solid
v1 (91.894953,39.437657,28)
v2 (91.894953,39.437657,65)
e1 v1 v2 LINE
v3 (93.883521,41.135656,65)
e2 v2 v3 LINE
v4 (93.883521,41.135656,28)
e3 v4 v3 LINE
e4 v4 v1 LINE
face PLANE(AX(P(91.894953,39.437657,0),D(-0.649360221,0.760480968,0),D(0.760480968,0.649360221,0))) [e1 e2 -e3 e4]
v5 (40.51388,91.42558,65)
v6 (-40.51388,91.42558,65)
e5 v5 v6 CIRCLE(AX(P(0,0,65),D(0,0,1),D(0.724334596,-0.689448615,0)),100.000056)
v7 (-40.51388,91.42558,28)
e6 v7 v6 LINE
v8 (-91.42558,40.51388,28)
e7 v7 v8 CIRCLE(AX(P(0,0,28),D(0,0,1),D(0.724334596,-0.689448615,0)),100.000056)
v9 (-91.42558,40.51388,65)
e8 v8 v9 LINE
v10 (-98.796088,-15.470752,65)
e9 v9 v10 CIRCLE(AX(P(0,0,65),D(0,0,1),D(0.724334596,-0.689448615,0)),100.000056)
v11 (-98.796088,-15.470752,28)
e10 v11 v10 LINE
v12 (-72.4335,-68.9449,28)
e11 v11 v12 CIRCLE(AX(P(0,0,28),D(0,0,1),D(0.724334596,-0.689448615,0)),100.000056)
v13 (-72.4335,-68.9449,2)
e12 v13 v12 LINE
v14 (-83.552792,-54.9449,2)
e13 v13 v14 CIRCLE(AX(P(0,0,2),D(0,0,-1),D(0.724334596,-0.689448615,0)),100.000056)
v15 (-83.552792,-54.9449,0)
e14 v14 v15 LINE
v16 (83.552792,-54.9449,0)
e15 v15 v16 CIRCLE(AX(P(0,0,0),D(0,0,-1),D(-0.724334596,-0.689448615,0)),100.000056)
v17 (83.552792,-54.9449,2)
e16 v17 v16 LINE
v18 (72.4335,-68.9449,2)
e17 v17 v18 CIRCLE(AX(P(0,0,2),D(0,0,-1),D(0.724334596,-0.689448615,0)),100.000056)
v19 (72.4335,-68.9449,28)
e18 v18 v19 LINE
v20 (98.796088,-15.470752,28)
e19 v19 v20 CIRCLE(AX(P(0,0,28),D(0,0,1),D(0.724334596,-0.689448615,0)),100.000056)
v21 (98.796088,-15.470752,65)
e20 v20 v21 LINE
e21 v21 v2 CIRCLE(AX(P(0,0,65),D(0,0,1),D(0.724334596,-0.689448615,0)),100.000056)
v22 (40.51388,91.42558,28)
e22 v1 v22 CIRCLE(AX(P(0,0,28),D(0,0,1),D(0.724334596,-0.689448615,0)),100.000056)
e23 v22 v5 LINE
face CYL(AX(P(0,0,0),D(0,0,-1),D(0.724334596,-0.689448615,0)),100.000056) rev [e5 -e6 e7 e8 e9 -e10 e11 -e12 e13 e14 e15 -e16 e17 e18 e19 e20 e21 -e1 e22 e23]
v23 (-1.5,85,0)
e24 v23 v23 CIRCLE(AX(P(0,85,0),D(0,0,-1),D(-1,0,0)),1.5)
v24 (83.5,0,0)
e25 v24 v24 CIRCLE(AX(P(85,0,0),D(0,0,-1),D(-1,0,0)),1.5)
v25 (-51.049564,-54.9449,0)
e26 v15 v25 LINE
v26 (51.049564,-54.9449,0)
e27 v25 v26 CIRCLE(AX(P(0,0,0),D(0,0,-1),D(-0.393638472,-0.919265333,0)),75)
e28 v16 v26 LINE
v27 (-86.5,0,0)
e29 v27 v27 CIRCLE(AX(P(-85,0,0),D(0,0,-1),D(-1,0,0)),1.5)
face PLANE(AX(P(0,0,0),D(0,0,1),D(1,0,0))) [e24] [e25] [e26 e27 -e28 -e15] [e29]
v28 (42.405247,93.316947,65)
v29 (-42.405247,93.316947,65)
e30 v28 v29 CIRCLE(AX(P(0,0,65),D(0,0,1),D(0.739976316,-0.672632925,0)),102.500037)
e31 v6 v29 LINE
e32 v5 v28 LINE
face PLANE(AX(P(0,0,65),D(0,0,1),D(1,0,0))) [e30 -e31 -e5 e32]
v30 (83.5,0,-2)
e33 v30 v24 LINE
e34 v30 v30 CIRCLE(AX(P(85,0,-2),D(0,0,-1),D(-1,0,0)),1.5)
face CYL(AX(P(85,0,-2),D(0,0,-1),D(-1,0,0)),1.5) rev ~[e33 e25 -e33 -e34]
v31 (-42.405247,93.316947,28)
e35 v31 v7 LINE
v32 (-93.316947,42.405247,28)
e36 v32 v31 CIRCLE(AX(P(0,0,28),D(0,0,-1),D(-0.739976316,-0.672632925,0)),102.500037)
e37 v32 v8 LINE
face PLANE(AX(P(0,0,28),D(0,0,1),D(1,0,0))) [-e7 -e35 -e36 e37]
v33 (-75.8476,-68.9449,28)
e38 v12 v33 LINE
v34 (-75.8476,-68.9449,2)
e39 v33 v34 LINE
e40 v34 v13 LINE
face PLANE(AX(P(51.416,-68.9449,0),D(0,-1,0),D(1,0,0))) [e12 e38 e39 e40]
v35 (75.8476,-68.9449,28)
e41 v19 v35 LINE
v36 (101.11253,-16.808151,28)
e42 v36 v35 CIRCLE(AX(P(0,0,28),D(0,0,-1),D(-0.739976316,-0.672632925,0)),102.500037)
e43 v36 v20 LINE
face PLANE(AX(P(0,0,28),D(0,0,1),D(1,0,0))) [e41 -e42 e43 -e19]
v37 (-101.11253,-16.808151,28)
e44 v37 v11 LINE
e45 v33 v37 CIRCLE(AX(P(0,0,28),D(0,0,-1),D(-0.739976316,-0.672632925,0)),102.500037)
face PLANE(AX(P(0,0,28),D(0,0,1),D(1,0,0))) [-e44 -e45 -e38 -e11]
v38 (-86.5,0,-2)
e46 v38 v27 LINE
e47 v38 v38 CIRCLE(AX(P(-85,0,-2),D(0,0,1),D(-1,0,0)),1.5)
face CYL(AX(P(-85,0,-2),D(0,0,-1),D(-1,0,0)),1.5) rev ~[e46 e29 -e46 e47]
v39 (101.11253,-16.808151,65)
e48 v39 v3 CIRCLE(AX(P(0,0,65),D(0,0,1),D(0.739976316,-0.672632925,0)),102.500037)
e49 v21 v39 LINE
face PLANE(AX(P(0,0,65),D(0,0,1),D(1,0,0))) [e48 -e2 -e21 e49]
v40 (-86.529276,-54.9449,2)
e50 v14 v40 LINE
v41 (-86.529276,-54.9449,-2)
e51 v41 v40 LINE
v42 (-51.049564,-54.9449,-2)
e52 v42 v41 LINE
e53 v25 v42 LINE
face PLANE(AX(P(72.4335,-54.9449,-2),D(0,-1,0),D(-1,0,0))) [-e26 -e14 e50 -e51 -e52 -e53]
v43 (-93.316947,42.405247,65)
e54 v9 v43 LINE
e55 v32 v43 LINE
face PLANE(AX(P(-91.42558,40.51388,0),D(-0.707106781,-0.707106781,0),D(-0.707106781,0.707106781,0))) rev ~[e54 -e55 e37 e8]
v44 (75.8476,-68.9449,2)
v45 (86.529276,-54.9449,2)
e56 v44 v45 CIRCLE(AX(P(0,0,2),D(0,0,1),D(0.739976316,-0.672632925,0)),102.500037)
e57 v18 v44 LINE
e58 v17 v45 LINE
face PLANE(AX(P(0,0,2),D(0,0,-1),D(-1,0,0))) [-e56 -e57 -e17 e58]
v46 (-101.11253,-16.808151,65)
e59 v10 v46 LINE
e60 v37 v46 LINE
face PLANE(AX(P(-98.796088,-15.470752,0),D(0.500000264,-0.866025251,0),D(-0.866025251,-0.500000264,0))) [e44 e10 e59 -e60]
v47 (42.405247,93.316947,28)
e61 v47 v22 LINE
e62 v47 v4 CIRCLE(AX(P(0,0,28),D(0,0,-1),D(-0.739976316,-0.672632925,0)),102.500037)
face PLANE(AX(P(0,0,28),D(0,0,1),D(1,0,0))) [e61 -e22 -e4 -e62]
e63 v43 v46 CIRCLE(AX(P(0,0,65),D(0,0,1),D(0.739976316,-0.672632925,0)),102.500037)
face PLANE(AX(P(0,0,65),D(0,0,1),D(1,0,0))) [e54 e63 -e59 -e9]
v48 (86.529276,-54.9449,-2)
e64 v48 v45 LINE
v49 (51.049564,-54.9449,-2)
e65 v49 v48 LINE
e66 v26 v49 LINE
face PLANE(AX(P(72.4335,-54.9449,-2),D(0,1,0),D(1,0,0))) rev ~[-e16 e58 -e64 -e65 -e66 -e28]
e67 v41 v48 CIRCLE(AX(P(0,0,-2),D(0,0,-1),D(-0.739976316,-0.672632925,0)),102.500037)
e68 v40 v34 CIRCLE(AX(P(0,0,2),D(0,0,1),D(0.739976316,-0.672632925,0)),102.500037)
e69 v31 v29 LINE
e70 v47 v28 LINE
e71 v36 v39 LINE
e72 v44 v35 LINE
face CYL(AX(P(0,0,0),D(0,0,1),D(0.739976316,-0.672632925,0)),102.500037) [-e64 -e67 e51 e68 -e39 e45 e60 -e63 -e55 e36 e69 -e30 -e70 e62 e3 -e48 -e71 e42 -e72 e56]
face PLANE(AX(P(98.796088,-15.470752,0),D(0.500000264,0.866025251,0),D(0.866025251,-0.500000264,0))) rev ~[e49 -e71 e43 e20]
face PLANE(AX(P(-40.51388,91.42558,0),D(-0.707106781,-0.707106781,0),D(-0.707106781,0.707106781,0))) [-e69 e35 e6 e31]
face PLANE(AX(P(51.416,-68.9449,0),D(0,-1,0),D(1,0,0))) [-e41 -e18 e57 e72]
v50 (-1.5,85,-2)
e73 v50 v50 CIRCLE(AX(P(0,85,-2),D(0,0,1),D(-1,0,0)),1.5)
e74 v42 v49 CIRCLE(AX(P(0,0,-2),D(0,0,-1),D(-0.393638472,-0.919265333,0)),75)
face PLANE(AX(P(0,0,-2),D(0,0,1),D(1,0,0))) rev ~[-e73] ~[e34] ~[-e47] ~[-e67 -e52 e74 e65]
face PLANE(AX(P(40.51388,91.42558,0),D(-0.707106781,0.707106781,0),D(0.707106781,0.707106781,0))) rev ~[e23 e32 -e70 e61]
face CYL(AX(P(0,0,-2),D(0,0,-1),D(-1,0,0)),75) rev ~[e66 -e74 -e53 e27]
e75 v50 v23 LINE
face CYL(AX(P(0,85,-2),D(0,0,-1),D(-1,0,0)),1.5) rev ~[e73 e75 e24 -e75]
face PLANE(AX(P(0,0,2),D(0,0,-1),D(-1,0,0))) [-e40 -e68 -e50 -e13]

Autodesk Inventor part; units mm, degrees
ref_plane "YZ Plane" through (0, 0, 0) normal (1, 0, 0) x (0, 1, 0)
ref_plane "XZ Plane" through (0, 0, 0) normal (0, 1, 0) x (-1, 0, 0)
ref_plane "XY Plane" through (0, 0, 0) normal (0, 0, 1) x (1, 0, 0)
sketch "Sketch1" plane through (0, 0, 0) normal (0, 0, 1) x (1, 0, 0)
  arc A0 (72.4335, -68.9449) -> (-72.4335, -68.9449) centre (0, 0) ccw
  line L0 (0, 0) -> (0, -68.9449)
  arc A1 (75.8476, -68.9449) -> (-75.8476, -68.9449) centre (0, 0) ccw
  line L1 (0, 0) -> (88.7676, -51.25)
  line L2 (0, 0) -> (102.5, 0) construction
  line L3 (0, 0) -> (-88.7676, -51.25)
  line L4 (0, 0) -> (102.5, 0) construction
  line L5 (0, 0) -> (72.4784, 72.4784)
  line L6 (0, 0) -> (102.5, 0) construction
  line L7 (0, 0) -> (-72.4784, 72.4784)
  line L8 (0, 0) -> (102.5, 0) construction
  line L9 (0, 0) -> (-68.416, -39.5)
  line L10 (0, 0) -> (68.416, -39.5)
  line L11 (0, 0) -> (55.8614, 55.8614)
  line L12 (0, 0) -> (-55.8614, 55.8614)
  line L13 (-68.416, -39.5) -> (-51.416, -68.9449)
  line L14 (-68.416, -39.5) -> (-85.416, -10.0551)
  line L15 (68.416, -39.5) -> (51.416, -68.9449)
  line L16 (51.416, -68.9449) -> (68.416, -39.5)
  line L17 (68.416, -39.5) -> (85.416, -10.0551)
  line L18 (-51.416, -68.9449) -> (-75.8476, -68.9449)
  line L19 (-51.416, -68.9449) -> (51.416, -68.9449)
  line L20 (51.416, -68.9449) -> (75.8476, -68.9449)
  line L21 (85.416, -10.0551) -> (100.7418, -18.9035)
  line L22 (-85.416, -10.0551) -> (-100.7418, -18.9035)
  line L23 (-55.8614, 55.8614) -> (-79.9031, 31.8198)
  line L24 (-55.8614, 55.8614) -> (-31.8198, 79.9031)
  line L25 (55.8614, 55.8614) -> (79.9031, 31.8198)
  line L26 (55.8614, 55.8614) -> (31.8198, 79.9031)
  line L27 (-31.8198, 79.9031) -> (-44.3333, 92.4165)
  line L28 (-79.9031, 31.8198) -> (-92.4165, 44.3333)
  line L29 (31.8198, 79.9031) -> (44.3333, 92.4165)
  line L30 (79.9031, 31.8198) -> (92.4165, 44.3333)
  circle A2 centre (0, 0) radius 125
  line L31 (100.7418, -18.9035) -> (121.1717, -30.6987)
  line L32 (-100.7418, -18.9035) -> (-121.1717, -30.6987)
  line L33 (-92.4165, 44.3333) -> (-109.0975, 61.0142)
  line L34 (-44.3333, 92.4165) -> (-61.0142, 109.0975)
  line L35 (44.3333, 92.4165) -> (61.0142, 109.0975)
  line L36 (92.4165, 44.3333) -> (109.0975, 61.0142)
  circle A3 centre (0, 0) radius 120
  line L37 (-75.8476, -68.9449) -> (-104.267, -68.9449)
  line L38 (75.8476, -68.9449) -> (104.267, -68.9449)
  line L39 (68.416, -39.5) -> (86.416, -8.3231)
  line L40 (86.416, -8.3231) -> (121.6665, -28.675)
  line L41 (55.8614, 55.8614) -> (81.3173, 30.4056)
  line L42 (81.3173, 30.4056) -> (111.6152, 56.2764)
  line L43 (-68.416, -39.5) -> (-86.416, -8.3231)
  line L44 (-86.416, -8.3231) -> (-121.6665, -28.675)
  line L45 (-55.8614, 55.8614) -> (-81.3173, 30.4056)
  line L46 (-81.3173, 30.4056) -> (-110.0992, 59.1875)
  line L47 (-55.8614, 55.8614) -> (-30.4056, 81.3173)
  line L48 (-30.4056, 81.3173) -> (-59.1875, 110.0992)
  line L49 (55.8614, 55.8614) -> (30.4056, 81.3173)
  line L50 (30.4056, 81.3173) -> (59.1875, 110.0992)
  line L51 (68.416, -39.5) -> (50.416, -70.6769)
  line L52 (-68.416, -39.5) -> (-50.416, -70.6769)
  line L53 (51.416, -68.9449) -> (87.1717, -89.5884)
  line L54 (51.416, -68.9449) -> (92.7032, -68.9449) construction
  line L55 (50.416, -70.6769) -> (85.6665, -91.0288)
  line L56 (-50.416, -70.6769) -> (-85.6665, -91.0288)
  line L57 (-51.416, -68.9449) -> (-87.1717, -89.5884)
  point P0 (93.8835, 41.1356)
  point P1 (91.8949, 39.4376)
  point P2 (98.796, -15.4707)
  point P3 (101.1125, -16.8081)
  point P4 (40.5138, 91.4255)
  point P5 (42.4052, 93.3169)
  point P6 (-42.4052, 93.3169)
  point P7 (-40.5138, 91.4255)
  point P8 (-91.4255, 40.5138)
  point P9 (-93.3169, 42.4052)
  point P10 (-101.1125, -16.8081)
  point P11 (-98.796, -15.4707)
  point P12 (98.2171, -68.9449)
  point P13 (98.4432, -17.5764)
  point P14 (116.6644, -28.0964)
  point P15 (57.334, 105.4173)
  point P16 (105.4173, 57.334)
  point P17 (-105.4173, 57.334)
  point P18 (-57.334, 105.4173)
  point P19 (-98.2171, -68.9449)
  point P20 (-116.6644, -28.0964)
  point P21 (90.5398, 42.4565)
  point P22 (42.4565, 90.5398)
  point P23 (-42.4565, 90.5398)
  point P24 (-90.5398, 42.4565)
  point P25 (-98.4432, -17.5764)
  point P26 (-86.6025, -50)
  point P27 (-82.6644, -86.9862)
  point P28 (82.6644, -86.9862)
  dimension "d30" = 250
  dimension "d7" = 30
  dimension "d8" = 150
  dimension "d9" = 45
  dimension "d10" = 135
  dimension "d11" = 79
  dimension "d12" = 79
  dimension "d13" = 79
  dimension "d14" = 79
  dimension "d15" = 34
  dimension "d16" = 90
  dimension "d17" = 34
  dimension "d18" = 34
  dimension "d19" = 34
  dimension "d20" = 34
  dimension "d21" = 34
  dimension "d22" = 34
  dimension "d23" = 34
  dimension "d24" = 34
  dimension "d31" = 240
  dimension "d32" = 36
  dimension "d33" = 36
  dimension "d34" = 36
  dimension "d35" = 36
  dimension "d36" = 36
  dimension "d37" = 36
  dimension "d73" = 36
  dimension "d74" = 36
  dimension "d75" = 30
extrude "Extrusion3" add sketch "Sketch1" against normal blind 2 contours L20 L15 L1 A0 | A0 L1 A1 L20 | L1 L17 L21 A0 | A0 L21 A1 L1 | L19 L0 L1 L15 | L21 L39 L40 A0 | A0 L40 A1 L21 | L1 L5 L25 L41 L42 A0 L40 L39 L17 | L19 L13 L3 L0 | A0 L42 A1 L40 | L7 L24 L47 L48 A0 L50 L49 L26 L5 | L3 L14 L43 L44 A0 L46 L45 L23 L7 | L18 A0 L3 L13 | L42 L41 L30 A0 | A0 L30 A1 L42 | L3 A0 L22 L14 | L26 L29 A0 L5 | L5 A0 L30 L25 | L23 L28 A0 L7 | L7 A0 L27 L24 | L18 A1 L3 A0 | A0 L5 A1 L30 | L3 A1 L22 A0 | L22 A0 L44 L43 | A0 L29 A1 L5 | L49 L50 A0 L29 | L7 A1 L27 A0 | A0 L28 A1 L7 | L45 L46 A0 L28 | L27 A0 L48 L47 | L22 A1 L44 A0 | A0 L50 A1 L29 | L27 A1 L48 A0 | A0 L46 A1 L28 | L44 A1 L46 A0 | A0 L48 A1 L50
extrude "Extrusion4" add sketch "Sketch1" along normal blind 28 contours A0 L1 A1 L20 | A0 L21 A1 L1 | A0 L40 A1 L21 | A0 L42 A1 L40 | A0 L30 A1 L42 | L18 A1 L3 A0 | A0 L5 A1 L30 | L3 A1 L22 A0 | A0 L29 A1 L5 | L7 A1 L27 A0 | A0 L28 A1 L7 | L22 A1 L44 A0 | A0 L50 A1 L29 | L27 A1 L48 A0 | A0 L46 A1 L28 | L44 A1 L46 A0 | A0 L48 A1 L50
extrude "Extrusion5" add sketch "Sketch1" along normal blind 65 contours A0 L42 A1 L40 | L44 A1 L46 A0 | A0 L48 A1 L50
sketch "Sketch4" plane through (0, 0, -2) normal (0, 0, -1) x (-1, 0, 0)
  line L0 (0, 0) -> (-85, 0)
  line L1 (0, 0) -> (0, 85)
  line L2 (0, 0) -> (85, 0)
  circle A0 centre (-85, 0) radius 1.5
  circle A1 centre (0, 85) radius 1.5
  circle A2 centre (85, 0) radius 1.5
  circle A3 centre (0, 0) radius 75
  dimension "d60" = 85
  dimension "d61" = 85
  dimension "d62" = 85
  dimension "d63" = 3
  dimension "d64" = 3
  dimension "d65" = 3
  dimension "d66" = 150
extrude "Extrusion11" cut sketch "Sketch4" against normal blind 45
sketch "Sketch5" plane through (0, 0, -2) normal (0, 0, -1) x (-1, 0, 0)
  line L0 (72.4335, -68.9449) -> (-72.4335, -68.9449) projected
  line L1 (-72.4335, -68.9449) -> (-72.4335, -54.9449)
  line L2 (-72.4335, -54.9449) -> (129.3344, -54.9449)
  line L3 (129.3344, -54.9449) -> (-118.857, -54.9449)
  line L4 (-118.857, -54.9449) -> (-118.857, -84.9238)
  line L5 (-118.857, -84.9238) -> (129.3344, -84.9238)
  line L6 (129.3344, -84.9238) -> (129.3344, -54.9449)
  point P0 (0, 0)
  point P1 (-41.6566, -68.9449)
  dimension "d70" = 14
extrude "Extrusion12" cut sketch "Sketch5" against normal blind 4
properties part number "Falda-Parte1"
